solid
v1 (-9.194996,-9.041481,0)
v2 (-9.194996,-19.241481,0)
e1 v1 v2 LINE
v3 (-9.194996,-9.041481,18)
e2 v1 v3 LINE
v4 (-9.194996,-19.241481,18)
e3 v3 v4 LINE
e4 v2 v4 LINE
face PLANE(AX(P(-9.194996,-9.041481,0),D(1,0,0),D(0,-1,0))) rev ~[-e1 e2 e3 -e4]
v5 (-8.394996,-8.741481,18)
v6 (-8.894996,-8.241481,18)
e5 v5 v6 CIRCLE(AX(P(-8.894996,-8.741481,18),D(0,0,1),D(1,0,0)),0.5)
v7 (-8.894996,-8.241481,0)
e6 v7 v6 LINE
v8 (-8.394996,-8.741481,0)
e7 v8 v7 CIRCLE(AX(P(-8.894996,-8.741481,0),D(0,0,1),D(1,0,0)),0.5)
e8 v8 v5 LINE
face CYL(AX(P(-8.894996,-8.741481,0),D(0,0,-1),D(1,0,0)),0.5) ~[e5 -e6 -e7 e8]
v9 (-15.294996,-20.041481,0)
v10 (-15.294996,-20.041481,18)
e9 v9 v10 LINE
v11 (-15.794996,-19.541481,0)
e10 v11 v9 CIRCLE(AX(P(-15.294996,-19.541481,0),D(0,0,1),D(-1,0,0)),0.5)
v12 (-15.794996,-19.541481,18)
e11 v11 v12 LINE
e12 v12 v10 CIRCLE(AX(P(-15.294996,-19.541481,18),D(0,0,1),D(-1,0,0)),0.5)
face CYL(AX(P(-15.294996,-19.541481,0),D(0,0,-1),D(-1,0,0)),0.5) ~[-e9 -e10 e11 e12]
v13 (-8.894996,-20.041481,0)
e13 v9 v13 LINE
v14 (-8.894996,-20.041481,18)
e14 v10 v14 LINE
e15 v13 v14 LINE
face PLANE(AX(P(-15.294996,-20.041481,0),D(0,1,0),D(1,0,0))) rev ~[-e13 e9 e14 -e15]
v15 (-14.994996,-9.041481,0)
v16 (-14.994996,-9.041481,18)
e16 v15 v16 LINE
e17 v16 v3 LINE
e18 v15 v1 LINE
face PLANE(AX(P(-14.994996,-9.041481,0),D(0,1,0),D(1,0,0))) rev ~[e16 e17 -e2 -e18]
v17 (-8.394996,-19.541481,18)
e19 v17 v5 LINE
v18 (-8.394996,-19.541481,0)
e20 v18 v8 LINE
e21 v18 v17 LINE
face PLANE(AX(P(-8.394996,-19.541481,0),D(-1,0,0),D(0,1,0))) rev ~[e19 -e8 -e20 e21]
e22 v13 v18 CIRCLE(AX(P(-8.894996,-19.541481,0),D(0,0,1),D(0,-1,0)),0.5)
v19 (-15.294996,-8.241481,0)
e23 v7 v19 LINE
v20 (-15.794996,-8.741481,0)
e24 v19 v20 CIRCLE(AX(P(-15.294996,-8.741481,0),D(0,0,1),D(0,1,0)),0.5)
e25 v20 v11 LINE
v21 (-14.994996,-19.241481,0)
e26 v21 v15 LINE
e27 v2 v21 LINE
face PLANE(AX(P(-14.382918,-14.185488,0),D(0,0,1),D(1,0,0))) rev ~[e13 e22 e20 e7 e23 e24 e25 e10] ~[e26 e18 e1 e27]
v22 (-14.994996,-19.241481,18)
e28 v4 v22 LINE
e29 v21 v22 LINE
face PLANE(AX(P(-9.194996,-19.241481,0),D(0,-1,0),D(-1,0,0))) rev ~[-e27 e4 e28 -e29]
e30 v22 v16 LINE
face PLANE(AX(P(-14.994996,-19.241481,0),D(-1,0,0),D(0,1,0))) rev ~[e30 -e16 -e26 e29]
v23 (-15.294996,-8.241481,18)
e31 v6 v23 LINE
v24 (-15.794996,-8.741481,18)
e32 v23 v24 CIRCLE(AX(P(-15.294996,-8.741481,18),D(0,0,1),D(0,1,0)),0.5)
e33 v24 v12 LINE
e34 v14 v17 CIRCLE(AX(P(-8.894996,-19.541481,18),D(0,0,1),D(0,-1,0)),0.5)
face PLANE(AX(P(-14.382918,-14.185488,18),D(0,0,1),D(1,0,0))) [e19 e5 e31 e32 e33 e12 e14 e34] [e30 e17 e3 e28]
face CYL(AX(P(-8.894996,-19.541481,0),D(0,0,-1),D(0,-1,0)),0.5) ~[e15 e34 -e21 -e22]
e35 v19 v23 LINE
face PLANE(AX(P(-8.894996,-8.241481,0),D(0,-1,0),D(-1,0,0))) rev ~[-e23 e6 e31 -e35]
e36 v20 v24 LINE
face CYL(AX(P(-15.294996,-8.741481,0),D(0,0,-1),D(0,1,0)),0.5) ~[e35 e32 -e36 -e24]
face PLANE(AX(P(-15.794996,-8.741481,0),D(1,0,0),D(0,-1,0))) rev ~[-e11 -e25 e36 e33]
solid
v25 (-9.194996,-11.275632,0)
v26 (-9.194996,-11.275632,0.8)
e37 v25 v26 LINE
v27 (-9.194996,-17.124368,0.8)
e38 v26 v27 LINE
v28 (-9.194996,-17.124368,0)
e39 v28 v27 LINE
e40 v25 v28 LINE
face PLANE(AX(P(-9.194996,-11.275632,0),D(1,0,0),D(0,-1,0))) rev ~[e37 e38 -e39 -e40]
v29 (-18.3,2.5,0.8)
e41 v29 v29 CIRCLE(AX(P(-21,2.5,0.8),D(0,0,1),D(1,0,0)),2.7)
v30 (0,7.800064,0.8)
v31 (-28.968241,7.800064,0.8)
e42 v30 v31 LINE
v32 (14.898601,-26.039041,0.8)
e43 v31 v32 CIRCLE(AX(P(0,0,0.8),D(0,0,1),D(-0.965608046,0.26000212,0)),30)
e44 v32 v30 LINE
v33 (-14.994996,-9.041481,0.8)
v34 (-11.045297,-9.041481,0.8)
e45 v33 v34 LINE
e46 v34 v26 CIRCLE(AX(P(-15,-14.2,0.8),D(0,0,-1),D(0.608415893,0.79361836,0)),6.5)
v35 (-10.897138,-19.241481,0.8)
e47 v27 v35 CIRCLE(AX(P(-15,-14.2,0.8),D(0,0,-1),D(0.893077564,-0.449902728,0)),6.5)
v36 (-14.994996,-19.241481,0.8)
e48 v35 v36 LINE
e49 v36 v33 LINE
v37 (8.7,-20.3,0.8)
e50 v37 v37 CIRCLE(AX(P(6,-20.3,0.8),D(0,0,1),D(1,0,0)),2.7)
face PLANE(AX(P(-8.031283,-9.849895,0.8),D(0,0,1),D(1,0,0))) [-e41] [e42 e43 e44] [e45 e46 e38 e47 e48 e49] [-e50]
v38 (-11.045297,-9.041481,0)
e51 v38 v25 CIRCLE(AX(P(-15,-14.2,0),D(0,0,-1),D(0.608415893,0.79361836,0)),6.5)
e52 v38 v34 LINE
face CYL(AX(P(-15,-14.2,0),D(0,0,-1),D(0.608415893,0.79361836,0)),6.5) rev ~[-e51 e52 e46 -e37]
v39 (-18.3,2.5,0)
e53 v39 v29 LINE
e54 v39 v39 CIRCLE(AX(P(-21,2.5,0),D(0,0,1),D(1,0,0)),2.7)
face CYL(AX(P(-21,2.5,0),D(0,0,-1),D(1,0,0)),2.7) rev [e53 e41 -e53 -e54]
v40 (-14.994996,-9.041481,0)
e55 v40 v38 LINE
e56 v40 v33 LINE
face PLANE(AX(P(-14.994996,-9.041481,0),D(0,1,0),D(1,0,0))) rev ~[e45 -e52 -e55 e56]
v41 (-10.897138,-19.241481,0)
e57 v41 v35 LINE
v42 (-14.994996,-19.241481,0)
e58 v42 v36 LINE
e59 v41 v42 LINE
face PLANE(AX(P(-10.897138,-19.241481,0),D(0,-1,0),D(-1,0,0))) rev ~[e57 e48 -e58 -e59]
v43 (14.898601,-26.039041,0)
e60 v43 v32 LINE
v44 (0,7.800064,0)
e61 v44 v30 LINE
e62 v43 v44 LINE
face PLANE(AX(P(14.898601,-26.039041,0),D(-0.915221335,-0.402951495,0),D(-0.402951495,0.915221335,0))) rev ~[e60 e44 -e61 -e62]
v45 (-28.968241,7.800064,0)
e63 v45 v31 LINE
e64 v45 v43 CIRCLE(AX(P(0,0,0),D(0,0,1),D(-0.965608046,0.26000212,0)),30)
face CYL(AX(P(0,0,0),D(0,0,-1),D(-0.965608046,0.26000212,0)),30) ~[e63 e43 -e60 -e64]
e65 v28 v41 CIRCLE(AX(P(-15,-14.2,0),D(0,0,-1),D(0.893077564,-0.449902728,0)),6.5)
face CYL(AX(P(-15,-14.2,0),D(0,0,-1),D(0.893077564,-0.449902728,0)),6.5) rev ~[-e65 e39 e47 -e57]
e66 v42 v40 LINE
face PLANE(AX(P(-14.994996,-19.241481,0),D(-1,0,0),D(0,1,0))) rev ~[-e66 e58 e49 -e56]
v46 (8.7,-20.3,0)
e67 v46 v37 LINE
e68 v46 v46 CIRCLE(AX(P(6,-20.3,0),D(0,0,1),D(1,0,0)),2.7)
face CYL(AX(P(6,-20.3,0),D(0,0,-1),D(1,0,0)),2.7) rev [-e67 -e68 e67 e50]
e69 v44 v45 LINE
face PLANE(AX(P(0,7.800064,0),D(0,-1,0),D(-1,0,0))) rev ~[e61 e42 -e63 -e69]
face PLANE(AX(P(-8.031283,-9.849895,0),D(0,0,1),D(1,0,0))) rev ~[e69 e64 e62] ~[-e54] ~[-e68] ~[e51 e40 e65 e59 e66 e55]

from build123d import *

# Parameters (mm, degrees)
F0_R     = 2.7
F1_DEPTH = 0.8
F2_DEPTH = 18


with BuildPart() as f1:
    # F0 (on Top) → F1 (new body)
    with BuildSketch(Plane.XY):
        with BuildLine():
            Line((0, 7.8000635883), (-28.9682413691, 7.8000635883))
            ThreePointArc((-28.9682413691, 7.8000635883), (-18.3237536434, -23.7537376515), (14.8986014601, -26.039041352))
            Line((14.8986014601, -26.039041352), (0, 7.8000635883))
        make_face()
        with BuildLine():
            ThreePointArc((-12.1491924488, -20.0414806604), (-21.498500667, -14.3396032985), (-12.4026846013, -8.2414806604))
            Line((-12.4026846013, -8.2414806604), (-8.8949958324, -8.2414806604))
            ThreePointArc((-8.8949958324, -8.2414806604), (-8.5414424419, -8.3879272698), (-8.3949958324, -8.7414806604))
            Line((-8.3949958324, -8.7414806604), (-8.3949958324, -19.5414806604))
            ThreePointArc((-8.3949958324, -19.5414806604), (-8.5414424419, -19.895034051), (-8.8949958324, -20.0414806604))
            Line((-8.8949958324, -20.0414806604), (-12.1491924488, -20.0414806604))
        make_face(mode=Mode.SUBTRACT)
        with Locations((6, -20.3)):
            Circle(F0_R, mode=Mode.SUBTRACT)
        with Locations((-21, 2.5)):
            Circle(F0_R, mode=Mode.SUBTRACT)
        with BuildLine():
            Line((-15.2949958324, -8.2414806604), (-12.4026846013, -8.2414806604))
            ThreePointArc((-12.4026846013, -8.2414806604), (-21.498500667, -14.3396032985), (-12.1491924488, -20.0414806604))
            Line((-12.1491924488, -20.0414806604), (-15.2949958324, -20.0414806604))
            ThreePointArc((-15.2949958324, -20.0414806604), (-15.648549223, -19.895034051), (-15.7949958324, -19.5414806604))
            Line((-15.7949958324, -19.5414806604), (-15.7949958324, -8.7414806604))
            ThreePointArc((-15.7949958324, -8.7414806604), (-15.648549223, -8.3879272698), (-15.2949958324, -8.2414806604))
        make_face()
        with BuildLine():
            Line((-14.9949958324, -9.0414806604), (-11.0452966959, -9.0414806604))
            ThreePointArc((-11.0452966959, -9.0414806604), (-11.6996610371, -8.6001997598), (-12.4026846013, -8.2414806604))
            Line((-12.4026846013, -8.2414806604), (-15.2949958324, -8.2414806604))
            ThreePointArc((-15.2949958324, -8.2414806604), (-15.648549223, -8.3879272698), (-15.7949958324, -8.7414806604))
            Line((-15.7949958324, -8.7414806604), (-15.7949958324, -19.5414806604))
            ThreePointArc((-15.7949958324, -19.5414806604), (-15.648549223, -19.895034051), (-15.2949958324, -20.0414806604))
            Line((-15.2949958324, -20.0414806604), (-12.1491924488, -20.0414806604))
            ThreePointArc((-12.1491924488, -20.0414806604), (-11.5002316606, -19.6773736015), (-10.897138468, -19.2414806604))
            Line((-10.897138468, -19.2414806604), (-14.9949958324, -19.2414806604))
            Line((-14.9949958324, -19.2414806604), (-14.9949958324, -9.0414806604))
        make_face()
        with BuildLine():
            ThreePointArc((-9.1949958324, -11.275632271), (-8.6761353948, -12.6970906696), (-8.5, -14.2))
            ThreePointArc((-8.5, -14.2), (-8.6761353948, -15.7029093304), (-9.1949958324, -17.124367729))
            Line((-9.1949958324, -17.124367729), (-9.1949958324, -19.2414806604))
            Line((-9.1949958324, -19.2414806604), (-10.897138468, -19.2414806604))
            ThreePointArc((-10.897138468, -19.2414806604), (-11.5002316606, -19.6773736015), (-12.1491924488, -20.0414806604))
            Line((-12.1491924488, -20.0414806604), (-8.8949958324, -20.0414806604))
            ThreePointArc((-8.8949958324, -20.0414806604), (-8.5414424419, -19.895034051), (-8.3949958324, -19.5414806604))
            Line((-8.3949958324, -19.5414806604), (-8.3949958324, -8.7414806604))
            ThreePointArc((-8.3949958324, -8.7414806604), (-8.5414424419, -8.3879272698), (-8.8949958324, -8.2414806604))
            Line((-8.8949958324, -8.2414806604), (-12.4026846013, -8.2414806604))
            ThreePointArc((-12.4026846013, -8.2414806604), (-11.6996610371, -8.6001997598), (-11.0452966959, -9.0414806604))
            Line((-11.0452966959, -9.0414806604), (-9.1949958324, -9.0414806604))
            Line((-9.1949958324, -9.0414806604), (-9.1949958324, -11.275632271))
        make_face()
        with BuildLine():
            ThreePointArc((-11.0452966959, -9.0414806604), (-9.9939206121, -10.0540177084), (-9.1949958324, -11.275632271))
            Line((-9.1949958324, -11.275632271), (-9.1949958324, -9.0414806604))
            Line((-9.1949958324, -9.0414806604), (-11.0452966959, -9.0414806604))
        make_face()
        with BuildLine():
            ThreePointArc((-9.1949958324, -17.124367729), (-8.6761353948, -15.7029093304), (-8.5, -14.2))
            ThreePointArc((-8.5, -14.2), (-8.6761353948, -12.6970906696), (-9.1949958324, -11.275632271))
            Line((-9.1949958324, -11.275632271), (-9.1949958324, -17.124367729))
        make_face()
        with BuildLine():
            Line((-9.1949958324, -19.2414806604), (-9.1949958324, -17.124367729))
            ThreePointArc((-9.1949958324, -17.124367729), (-9.9342332791, -18.2728377735), (-10.897138468, -19.2414806604))
            Line((-10.897138468, -19.2414806604), (-9.1949958324, -19.2414806604))
        make_face()
    extrude(amount=F1_DEPTH)


with BuildPart() as f2:
    # F0 (on Top) → F2 (new body)
    with BuildSketch(Plane.XY):
        with BuildLine():
            Line((-14.9949958324, -9.0414806604), (-11.0452966959, -9.0414806604))
            ThreePointArc((-11.0452966959, -9.0414806604), (-11.6996610371, -8.6001997598), (-12.4026846013, -8.2414806604))
            Line((-12.4026846013, -8.2414806604), (-15.2949958324, -8.2414806604))
            ThreePointArc((-15.2949958324, -8.2414806604), (-15.648549223, -8.3879272698), (-15.7949958324, -8.7414806604))
            Line((-15.7949958324, -8.7414806604), (-15.7949958324, -19.5414806604))
            ThreePointArc((-15.7949958324, -19.5414806604), (-15.648549223, -19.895034051), (-15.2949958324, -20.0414806604))
            Line((-15.2949958324, -20.0414806604), (-12.1491924488, -20.0414806604))
            ThreePointArc((-12.1491924488, -20.0414806604), (-11.5002316606, -19.6773736015), (-10.897138468, -19.2414806604))
            Line((-10.897138468, -19.2414806604), (-14.9949958324, -19.2414806604))
            Line((-14.9949958324, -19.2414806604), (-14.9949958324, -9.0414806604))
        make_face()
        with BuildLine():
            ThreePointArc((-9.1949958324, -11.275632271), (-8.6761353948, -12.6970906696), (-8.5, -14.2))
            ThreePointArc((-8.5, -14.2), (-8.6761353948, -15.7029093304), (-9.1949958324, -17.124367729))
            Line((-9.1949958324, -17.124367729), (-9.1949958324, -19.2414806604))
            Line((-9.1949958324, -19.2414806604), (-10.897138468, -19.2414806604))
            ThreePointArc((-10.897138468, -19.2414806604), (-11.5002316606, -19.6773736015), (-12.1491924488, -20.0414806604))
            Line((-12.1491924488, -20.0414806604), (-8.8949958324, -20.0414806604))
            ThreePointArc((-8.8949958324, -20.0414806604), (-8.5414424419, -19.895034051), (-8.3949958324, -19.5414806604))
            Line((-8.3949958324, -19.5414806604), (-8.3949958324, -8.7414806604))
            ThreePointArc((-8.3949958324, -8.7414806604), (-8.5414424419, -8.3879272698), (-8.8949958324, -8.2414806604))
            Line((-8.8949958324, -8.2414806604), (-12.4026846013, -8.2414806604))
            ThreePointArc((-12.4026846013, -8.2414806604), (-11.6996610371, -8.6001997598), (-11.0452966959, -9.0414806604))
            Line((-11.0452966959, -9.0414806604), (-9.1949958324, -9.0414806604))
            Line((-9.1949958324, -9.0414806604), (-9.1949958324, -11.275632271))
        make_face()
        with BuildLine():
            ThreePointArc((-9.1949958324, -17.124367729), (-8.6761353948, -15.7029093304), (-8.5, -14.2))
            ThreePointArc((-8.5, -14.2), (-8.6761353948, -12.6970906696), (-9.1949958324, -11.275632271))
            Line((-9.1949958324, -11.275632271), (-9.1949958324, -17.124367729))
        make_face()
    extrude(amount=F2_DEPTH)


solid = Compound([f1.part, f2.part])
